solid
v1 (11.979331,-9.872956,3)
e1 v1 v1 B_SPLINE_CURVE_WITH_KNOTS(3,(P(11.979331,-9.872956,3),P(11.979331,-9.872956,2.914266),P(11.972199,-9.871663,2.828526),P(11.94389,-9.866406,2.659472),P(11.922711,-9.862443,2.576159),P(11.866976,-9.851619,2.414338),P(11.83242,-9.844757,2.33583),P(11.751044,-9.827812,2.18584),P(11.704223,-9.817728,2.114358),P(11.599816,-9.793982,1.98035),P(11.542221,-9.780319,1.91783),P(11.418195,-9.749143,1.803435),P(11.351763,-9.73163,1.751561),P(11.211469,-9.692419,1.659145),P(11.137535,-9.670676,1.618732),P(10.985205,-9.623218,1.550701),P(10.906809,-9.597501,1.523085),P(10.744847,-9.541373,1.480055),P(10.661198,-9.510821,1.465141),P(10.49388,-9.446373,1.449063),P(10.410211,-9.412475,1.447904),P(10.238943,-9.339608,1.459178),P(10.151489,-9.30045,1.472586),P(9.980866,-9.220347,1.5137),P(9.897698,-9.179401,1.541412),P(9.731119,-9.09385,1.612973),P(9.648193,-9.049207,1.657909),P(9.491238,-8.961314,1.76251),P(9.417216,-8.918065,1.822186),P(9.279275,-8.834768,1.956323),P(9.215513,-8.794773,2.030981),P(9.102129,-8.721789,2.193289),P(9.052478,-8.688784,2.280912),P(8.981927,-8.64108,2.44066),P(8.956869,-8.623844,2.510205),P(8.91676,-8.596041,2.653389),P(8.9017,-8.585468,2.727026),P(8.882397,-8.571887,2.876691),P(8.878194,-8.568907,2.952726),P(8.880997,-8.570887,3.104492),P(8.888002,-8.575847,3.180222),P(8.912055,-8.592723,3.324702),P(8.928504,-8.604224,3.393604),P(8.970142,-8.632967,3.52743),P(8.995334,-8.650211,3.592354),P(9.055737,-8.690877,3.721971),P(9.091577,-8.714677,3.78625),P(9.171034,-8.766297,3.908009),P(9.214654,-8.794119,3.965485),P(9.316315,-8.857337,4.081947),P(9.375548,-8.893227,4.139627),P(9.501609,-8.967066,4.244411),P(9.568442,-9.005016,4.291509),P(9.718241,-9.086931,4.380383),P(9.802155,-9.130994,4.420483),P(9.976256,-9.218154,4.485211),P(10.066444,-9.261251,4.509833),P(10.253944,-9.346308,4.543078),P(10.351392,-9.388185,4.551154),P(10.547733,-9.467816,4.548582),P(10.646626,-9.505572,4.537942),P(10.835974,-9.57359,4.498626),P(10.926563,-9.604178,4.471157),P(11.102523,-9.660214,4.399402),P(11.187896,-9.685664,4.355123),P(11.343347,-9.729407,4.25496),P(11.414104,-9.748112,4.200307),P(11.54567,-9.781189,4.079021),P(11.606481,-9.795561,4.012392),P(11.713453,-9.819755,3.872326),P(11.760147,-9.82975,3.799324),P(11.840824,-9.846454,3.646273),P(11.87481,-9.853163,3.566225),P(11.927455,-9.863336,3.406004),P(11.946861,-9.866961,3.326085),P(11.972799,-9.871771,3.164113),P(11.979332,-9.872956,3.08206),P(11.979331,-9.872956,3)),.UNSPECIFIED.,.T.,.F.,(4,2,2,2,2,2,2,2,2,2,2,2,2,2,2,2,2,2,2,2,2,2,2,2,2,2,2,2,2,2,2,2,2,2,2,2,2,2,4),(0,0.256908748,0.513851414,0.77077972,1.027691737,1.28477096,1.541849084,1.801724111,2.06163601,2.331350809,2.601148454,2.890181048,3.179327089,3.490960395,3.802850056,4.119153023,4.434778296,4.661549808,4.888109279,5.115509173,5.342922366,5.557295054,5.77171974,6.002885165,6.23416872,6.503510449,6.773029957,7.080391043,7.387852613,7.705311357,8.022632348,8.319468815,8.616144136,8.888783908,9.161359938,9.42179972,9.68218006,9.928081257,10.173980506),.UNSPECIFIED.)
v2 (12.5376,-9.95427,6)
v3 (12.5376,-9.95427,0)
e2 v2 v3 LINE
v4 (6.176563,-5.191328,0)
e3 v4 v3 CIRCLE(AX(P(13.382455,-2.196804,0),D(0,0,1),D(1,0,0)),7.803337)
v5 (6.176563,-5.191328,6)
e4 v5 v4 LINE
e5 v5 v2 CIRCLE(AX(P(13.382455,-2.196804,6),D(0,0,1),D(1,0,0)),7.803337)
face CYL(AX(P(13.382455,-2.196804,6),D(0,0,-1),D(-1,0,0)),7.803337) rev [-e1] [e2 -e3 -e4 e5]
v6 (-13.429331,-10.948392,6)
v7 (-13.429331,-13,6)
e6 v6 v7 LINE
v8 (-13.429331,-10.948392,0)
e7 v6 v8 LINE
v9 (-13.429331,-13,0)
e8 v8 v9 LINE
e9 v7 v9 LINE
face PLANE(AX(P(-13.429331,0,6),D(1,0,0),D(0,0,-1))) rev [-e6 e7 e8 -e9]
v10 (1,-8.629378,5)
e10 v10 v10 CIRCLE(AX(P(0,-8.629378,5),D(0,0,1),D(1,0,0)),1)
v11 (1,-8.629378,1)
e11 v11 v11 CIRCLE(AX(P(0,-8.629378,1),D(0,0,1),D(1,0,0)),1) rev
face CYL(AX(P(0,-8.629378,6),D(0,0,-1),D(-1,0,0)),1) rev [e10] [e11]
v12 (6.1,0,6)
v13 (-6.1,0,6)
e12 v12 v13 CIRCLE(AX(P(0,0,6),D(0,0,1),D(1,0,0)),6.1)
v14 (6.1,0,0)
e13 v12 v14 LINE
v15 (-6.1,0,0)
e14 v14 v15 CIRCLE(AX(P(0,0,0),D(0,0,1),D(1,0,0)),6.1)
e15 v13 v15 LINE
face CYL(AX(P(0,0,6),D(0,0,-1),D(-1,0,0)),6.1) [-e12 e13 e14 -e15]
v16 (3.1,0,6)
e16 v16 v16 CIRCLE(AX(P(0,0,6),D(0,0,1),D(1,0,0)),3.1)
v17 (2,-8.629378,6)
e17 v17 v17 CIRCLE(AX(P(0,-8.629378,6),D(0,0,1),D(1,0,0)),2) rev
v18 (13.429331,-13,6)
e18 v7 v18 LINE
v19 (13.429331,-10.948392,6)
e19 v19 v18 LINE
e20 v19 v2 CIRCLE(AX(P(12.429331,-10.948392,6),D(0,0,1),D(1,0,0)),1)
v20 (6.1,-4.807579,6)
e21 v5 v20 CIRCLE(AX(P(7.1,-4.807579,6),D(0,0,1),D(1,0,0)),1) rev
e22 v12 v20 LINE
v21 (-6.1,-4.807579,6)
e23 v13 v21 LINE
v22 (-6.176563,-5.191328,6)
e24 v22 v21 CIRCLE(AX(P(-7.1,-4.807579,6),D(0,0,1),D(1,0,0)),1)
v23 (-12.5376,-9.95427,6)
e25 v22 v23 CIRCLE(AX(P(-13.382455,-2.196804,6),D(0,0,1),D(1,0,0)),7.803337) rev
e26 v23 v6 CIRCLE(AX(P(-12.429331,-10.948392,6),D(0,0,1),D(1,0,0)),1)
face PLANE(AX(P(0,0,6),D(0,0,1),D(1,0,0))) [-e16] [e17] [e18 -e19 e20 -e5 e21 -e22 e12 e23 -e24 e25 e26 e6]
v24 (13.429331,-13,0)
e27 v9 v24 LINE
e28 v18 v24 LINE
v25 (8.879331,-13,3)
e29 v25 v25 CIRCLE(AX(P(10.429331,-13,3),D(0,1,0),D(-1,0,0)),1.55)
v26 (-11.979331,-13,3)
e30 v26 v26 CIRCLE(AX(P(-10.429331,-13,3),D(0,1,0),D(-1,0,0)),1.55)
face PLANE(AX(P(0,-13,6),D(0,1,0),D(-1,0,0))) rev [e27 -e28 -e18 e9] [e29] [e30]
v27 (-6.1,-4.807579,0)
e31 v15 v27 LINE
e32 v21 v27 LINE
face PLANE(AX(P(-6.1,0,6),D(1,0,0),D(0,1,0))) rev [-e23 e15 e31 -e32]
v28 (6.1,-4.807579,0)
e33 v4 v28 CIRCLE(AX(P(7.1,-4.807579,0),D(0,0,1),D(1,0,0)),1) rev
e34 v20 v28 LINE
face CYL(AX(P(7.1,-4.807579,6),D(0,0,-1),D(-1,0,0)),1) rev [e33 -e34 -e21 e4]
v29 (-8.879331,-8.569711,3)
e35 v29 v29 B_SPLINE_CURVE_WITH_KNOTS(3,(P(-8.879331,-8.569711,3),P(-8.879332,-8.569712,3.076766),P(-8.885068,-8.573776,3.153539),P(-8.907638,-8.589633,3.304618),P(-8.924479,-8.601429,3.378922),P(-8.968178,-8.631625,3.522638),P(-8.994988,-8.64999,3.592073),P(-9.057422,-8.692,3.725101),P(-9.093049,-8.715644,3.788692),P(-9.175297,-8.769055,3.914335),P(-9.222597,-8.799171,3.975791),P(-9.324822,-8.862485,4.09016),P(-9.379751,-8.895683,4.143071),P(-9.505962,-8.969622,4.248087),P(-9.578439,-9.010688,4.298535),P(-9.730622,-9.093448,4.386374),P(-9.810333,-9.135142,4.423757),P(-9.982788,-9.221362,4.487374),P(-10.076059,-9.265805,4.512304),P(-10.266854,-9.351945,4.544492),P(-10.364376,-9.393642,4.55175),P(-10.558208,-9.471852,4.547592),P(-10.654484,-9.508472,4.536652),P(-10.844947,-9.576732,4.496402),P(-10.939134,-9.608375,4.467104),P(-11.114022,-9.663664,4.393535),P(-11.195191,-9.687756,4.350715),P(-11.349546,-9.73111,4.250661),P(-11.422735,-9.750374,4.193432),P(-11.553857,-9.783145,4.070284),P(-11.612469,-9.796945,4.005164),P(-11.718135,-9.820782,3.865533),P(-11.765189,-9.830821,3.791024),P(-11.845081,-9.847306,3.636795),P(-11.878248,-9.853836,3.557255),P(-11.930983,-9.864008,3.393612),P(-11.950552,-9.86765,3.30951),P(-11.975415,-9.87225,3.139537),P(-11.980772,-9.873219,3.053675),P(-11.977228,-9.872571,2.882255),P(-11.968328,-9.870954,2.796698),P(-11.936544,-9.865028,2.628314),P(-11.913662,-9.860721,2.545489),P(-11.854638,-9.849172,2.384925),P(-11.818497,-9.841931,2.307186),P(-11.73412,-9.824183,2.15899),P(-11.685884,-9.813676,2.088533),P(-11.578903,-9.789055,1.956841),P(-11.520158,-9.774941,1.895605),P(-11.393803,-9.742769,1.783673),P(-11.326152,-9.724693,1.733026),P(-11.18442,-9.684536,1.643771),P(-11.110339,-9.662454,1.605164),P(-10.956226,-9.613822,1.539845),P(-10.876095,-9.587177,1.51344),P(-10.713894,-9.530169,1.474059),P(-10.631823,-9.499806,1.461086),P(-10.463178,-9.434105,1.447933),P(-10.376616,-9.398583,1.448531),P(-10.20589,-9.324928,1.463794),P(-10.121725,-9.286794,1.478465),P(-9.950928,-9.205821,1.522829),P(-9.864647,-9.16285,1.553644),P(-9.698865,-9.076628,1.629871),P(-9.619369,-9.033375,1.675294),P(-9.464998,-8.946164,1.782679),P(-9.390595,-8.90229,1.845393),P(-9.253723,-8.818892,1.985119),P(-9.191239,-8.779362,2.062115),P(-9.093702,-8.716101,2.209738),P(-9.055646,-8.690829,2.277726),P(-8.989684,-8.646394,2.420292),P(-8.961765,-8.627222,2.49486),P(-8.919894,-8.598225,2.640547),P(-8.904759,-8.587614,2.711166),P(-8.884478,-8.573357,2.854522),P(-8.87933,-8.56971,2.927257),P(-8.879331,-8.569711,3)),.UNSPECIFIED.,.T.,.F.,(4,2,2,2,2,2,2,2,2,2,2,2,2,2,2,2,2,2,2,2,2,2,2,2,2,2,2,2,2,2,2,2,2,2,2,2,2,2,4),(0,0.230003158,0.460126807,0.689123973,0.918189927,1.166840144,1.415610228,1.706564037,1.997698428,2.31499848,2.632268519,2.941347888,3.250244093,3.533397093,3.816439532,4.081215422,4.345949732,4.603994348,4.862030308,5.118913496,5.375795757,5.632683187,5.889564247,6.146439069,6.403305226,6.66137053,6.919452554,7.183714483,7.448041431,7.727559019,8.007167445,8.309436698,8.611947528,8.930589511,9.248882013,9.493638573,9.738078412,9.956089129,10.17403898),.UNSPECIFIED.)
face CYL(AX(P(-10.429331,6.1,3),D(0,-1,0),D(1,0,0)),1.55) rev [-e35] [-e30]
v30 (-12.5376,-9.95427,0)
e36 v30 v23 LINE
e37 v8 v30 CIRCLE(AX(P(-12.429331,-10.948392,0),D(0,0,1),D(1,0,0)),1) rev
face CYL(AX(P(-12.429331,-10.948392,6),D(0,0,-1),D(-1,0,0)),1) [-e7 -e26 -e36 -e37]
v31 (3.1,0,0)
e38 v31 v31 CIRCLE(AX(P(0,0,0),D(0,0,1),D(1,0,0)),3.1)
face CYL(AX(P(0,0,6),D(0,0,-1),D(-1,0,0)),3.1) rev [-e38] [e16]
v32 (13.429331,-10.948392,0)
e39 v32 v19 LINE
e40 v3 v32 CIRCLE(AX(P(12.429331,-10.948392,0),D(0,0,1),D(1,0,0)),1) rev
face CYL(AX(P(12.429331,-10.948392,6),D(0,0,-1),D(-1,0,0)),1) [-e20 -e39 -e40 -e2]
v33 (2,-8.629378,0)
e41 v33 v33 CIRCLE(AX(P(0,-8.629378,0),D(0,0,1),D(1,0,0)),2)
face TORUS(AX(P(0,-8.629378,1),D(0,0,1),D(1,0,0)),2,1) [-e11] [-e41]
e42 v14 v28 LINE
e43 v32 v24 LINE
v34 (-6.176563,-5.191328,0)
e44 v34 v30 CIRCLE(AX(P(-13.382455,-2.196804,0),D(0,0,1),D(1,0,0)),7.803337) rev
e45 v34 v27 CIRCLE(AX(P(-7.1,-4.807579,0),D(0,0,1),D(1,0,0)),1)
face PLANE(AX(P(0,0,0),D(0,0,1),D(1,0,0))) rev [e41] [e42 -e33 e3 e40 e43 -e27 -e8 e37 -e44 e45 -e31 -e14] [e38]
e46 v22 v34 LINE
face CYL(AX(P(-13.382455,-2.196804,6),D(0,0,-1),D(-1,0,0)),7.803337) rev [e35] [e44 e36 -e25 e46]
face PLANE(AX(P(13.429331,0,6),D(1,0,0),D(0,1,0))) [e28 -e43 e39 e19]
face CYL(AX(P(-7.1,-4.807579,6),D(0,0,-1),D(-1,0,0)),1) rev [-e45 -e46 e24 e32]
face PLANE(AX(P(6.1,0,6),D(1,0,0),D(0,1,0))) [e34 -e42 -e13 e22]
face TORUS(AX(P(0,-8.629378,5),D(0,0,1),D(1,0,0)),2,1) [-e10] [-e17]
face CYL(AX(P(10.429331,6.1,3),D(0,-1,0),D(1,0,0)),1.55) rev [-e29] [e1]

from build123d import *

# Parameters (mm, degrees)
SKETCH1_R               = 3.1
SKETCH1_R_2             = 1
BOSS_EXTRUDE1_DEPTH     = 6
CUT_EXTRUDE1_DEPTH      = 25.107196906
CUT_EXTRUDE1_DEPTH_BACK = 25.107196906
SKETCH2_R               = 1.55
FILLET1_R               = 1


with BuildPart() as part:
    # Sketch1 → Boss-Extrude1 (new body)
    with BuildSketch(Plane.XY):
        with BuildLine():
            Line((-6.1, 0), (-6.1, -4.807578818))
            ThreePointArc((-6.1, -4.807578818), (-6.119327431, -5.003234924), (-6.176562624, -5.191327971))
            ThreePointArc((-6.176562624, -5.191327971), (-9.070412736, -8.700522421), (-13.42933143, -10))
            Line((-13.42933143, -10), (-13.42933143, -13))
            Line((-13.42933143, -13), (13.42933143, -13))
            Line((13.42933143, -13), (13.42933143, -10))
            ThreePointArc((13.42933143, -10), (9.070412736, -8.700522421), (6.176562624, -5.191327971))
            ThreePointArc((6.176562624, -5.191327971), (6.119327431, -5.003234924), (6.1, -4.807578818))
            Line((6.1, -4.807578818), (6.1, 0))
            ThreePointArc((6.1, 0), (0, 6.1), (-6.1, 0))
        make_face()
        Circle(SKETCH1_R, mode=Mode.SUBTRACT)
        with Locations((0, -8.629378488)):
            Circle(SKETCH1_R_2, mode=Mode.SUBTRACT)
    extrude(amount=BOSS_EXTRUDE1_DEPTH)

    # Sketch2 → Cut-Extrude1 (cut, two sides: drawn at the far end of the back side and taken through both)
    with BuildSketch(Plane.XZ.offset(13).offset(-CUT_EXTRUDE1_DEPTH_BACK)):
        with Locations((-10.42933143, 3)):
            Circle(SKETCH2_R)
        with Locations((10.42933143, 3)):
            Circle(SKETCH2_R)
    extrude(amount=CUT_EXTRUDE1_DEPTH + CUT_EXTRUDE1_DEPTH_BACK, mode=Mode.SUBTRACT)

    # Fillet1
    fillet1_edges = [part.edges().sort_by_distance(p)[0] for p in [
        (-1, -8.629378488, 0),
        (13.42933143, -10, 3),
        (-13.42933143, -10, 3),
        (-1, -8.629378488, 6),
    ]]
    fillet(fillet1_edges, radius=FILLET1_R)


solid = part.part
